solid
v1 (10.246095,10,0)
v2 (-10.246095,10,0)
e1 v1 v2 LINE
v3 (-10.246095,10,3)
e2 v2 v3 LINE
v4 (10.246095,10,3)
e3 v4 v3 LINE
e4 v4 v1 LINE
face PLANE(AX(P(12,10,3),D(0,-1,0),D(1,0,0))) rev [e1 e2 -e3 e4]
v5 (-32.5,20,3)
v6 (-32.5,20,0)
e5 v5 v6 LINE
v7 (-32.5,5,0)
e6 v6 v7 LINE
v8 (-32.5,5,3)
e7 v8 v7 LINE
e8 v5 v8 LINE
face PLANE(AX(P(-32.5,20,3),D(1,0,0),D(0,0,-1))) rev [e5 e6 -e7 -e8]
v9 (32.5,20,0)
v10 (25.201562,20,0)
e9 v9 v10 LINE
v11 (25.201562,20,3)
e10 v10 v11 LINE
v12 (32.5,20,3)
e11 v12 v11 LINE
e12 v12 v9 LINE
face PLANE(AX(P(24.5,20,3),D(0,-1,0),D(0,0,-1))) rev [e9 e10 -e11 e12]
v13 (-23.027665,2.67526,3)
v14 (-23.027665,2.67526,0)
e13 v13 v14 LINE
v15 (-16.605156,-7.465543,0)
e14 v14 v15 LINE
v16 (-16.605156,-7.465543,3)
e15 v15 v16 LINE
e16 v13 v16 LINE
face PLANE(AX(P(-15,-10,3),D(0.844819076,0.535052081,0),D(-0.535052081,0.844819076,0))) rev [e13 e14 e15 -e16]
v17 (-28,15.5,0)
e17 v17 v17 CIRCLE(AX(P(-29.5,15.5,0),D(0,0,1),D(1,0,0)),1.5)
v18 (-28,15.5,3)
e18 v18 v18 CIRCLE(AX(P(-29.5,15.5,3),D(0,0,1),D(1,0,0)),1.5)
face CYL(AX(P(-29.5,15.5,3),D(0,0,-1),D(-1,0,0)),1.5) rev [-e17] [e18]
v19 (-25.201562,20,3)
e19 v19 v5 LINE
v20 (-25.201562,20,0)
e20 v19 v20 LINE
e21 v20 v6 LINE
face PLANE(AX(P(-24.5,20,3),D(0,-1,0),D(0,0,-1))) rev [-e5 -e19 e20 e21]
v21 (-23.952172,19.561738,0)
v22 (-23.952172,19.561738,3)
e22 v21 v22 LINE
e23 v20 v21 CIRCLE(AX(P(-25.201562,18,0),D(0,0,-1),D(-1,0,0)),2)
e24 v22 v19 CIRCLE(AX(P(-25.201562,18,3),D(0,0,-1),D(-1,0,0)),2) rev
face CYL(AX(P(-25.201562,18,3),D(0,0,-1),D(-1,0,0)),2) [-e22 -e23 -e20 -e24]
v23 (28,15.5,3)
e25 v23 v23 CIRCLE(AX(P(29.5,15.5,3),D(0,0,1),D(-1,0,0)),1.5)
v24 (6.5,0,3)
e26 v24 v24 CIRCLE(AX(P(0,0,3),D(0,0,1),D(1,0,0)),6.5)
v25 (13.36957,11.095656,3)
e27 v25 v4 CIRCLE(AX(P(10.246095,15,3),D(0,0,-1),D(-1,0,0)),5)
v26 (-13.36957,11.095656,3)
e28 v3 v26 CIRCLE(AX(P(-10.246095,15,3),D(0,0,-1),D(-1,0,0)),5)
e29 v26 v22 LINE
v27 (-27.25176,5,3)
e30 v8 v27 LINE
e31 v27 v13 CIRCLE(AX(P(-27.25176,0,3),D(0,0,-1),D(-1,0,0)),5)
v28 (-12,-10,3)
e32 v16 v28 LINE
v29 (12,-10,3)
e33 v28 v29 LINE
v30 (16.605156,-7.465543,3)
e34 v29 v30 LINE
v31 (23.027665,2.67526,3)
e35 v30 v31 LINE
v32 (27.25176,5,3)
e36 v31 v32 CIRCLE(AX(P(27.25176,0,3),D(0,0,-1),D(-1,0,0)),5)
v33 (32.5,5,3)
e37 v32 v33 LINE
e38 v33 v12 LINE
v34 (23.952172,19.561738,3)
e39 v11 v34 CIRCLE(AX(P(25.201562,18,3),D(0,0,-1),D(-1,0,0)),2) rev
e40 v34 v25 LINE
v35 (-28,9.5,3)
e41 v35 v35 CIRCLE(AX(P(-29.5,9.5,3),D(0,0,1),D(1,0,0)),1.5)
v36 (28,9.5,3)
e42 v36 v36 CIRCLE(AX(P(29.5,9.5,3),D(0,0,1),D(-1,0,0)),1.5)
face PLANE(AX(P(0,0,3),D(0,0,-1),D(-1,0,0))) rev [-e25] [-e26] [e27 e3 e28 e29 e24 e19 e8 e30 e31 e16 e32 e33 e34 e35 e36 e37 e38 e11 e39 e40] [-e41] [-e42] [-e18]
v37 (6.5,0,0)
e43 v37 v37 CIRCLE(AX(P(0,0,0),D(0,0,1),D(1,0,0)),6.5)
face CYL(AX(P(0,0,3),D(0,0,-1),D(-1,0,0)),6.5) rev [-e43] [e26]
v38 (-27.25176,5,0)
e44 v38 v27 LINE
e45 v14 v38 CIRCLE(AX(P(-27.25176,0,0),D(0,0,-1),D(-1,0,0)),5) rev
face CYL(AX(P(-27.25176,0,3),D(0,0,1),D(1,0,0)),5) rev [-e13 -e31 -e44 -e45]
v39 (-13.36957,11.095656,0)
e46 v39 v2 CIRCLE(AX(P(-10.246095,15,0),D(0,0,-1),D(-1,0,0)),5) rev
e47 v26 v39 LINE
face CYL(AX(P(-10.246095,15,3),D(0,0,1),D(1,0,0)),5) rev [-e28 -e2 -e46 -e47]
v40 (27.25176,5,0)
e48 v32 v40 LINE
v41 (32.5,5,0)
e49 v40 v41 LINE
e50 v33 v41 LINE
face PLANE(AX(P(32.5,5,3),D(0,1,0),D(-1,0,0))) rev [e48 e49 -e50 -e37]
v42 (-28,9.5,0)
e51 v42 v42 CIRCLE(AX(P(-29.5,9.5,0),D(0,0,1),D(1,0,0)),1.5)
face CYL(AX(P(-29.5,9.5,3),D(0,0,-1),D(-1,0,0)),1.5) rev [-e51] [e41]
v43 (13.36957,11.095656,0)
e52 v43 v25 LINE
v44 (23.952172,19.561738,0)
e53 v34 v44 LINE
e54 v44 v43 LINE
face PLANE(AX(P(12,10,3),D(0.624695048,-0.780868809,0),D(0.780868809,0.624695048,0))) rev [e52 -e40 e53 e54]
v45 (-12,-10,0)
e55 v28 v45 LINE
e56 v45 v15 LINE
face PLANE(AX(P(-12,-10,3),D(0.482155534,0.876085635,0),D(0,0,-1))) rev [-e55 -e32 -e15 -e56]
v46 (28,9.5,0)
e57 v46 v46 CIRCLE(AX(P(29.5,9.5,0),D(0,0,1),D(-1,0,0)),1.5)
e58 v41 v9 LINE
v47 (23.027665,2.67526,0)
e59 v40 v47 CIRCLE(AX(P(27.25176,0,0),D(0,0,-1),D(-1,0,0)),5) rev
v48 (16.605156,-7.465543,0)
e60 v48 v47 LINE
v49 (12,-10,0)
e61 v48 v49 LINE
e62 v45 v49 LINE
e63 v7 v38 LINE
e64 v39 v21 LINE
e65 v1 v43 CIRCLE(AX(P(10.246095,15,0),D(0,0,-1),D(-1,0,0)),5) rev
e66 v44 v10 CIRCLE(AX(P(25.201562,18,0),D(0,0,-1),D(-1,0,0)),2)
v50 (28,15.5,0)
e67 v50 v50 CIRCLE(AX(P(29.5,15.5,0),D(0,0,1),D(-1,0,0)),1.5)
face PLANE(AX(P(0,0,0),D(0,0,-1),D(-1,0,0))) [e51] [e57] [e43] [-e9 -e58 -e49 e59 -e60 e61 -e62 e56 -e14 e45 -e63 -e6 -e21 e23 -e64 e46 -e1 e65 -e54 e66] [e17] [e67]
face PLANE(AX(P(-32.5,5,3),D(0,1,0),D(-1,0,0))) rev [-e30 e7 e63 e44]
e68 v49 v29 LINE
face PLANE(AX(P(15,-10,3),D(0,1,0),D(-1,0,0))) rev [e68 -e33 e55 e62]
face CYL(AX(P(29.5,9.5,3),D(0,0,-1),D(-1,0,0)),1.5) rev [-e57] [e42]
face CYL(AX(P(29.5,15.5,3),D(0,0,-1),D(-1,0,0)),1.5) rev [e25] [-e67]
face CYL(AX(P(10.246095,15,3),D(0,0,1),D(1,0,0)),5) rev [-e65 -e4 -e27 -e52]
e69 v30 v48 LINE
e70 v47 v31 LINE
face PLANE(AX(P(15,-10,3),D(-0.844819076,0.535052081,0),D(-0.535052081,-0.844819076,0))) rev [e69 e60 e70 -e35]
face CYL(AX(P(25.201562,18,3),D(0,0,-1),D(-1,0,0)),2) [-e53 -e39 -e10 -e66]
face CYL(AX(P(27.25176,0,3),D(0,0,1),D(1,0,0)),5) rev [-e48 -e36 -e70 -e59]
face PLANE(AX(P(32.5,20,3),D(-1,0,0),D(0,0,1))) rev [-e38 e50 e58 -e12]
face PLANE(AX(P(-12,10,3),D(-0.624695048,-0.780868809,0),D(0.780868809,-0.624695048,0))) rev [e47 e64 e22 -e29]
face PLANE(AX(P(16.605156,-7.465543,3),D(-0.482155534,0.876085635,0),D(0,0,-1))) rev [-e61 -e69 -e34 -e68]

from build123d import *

# Parameters (mm, degrees)
SKETCH_1_R      = 6.5
SKETCH_1_R_2    = 1.5
EXTRUDE_1_DEPTH = 3
FILLET_1_R      = 5
CHAMFER_1_SIZE  = 3
FILLET_3_R      = 5
FILLET_4_R      = 2


with BuildPart() as part:
    # 草图1 → 凸台-拉伸1 (new body)
    with BuildSketch(Plane.XY):
        Polygon((15, -10), (-15, -10), (-24.5, 5), (-32.5, 5), (-32.5, 20), (-24.5, 20), (-12, 10), (12, 10), (24.5, 20), (32.5, 20), (32.5, 5), (24.5, 5), align=None)
        Circle(SKETCH_1_R, mode=Mode.SUBTRACT)
        with Locations((-29.5, 15.5)):
            Circle(SKETCH_1_R_2, mode=Mode.SUBTRACT)
        with Locations(Location((29.5, 9.5, 0), (0, 0, 180))):
            Circle(SKETCH_1_R_2, mode=Mode.SUBTRACT)
        with Locations((-29.5, 9.5)):
            Circle(SKETCH_1_R_2, mode=Mode.SUBTRACT)
        with Locations(Location((29.5, 15.5, 0), (0, 0, 180))):
            Circle(SKETCH_1_R_2, mode=Mode.SUBTRACT)
    extrude(amount=EXTRUDE_1_DEPTH)

    # 圆角1
    fillet_1_edges = [part.edges().sort_by_distance(p)[0] for p in [
        (-12, 10, 1.5),
        (12, 10, 1.5),
    ]]
    fillet(fillet_1_edges, radius=FILLET_1_R)

    # 倒角1
    chamfer_1_edges = [part.edges().sort_by_distance(p)[0] for p in [
        (15, -10, 1.5),
        (-15, -10, 1.5),
    ]]
    chamfer(chamfer_1_edges, length=CHAMFER_1_SIZE)

    # 圆角3
    fillet_3_edges = [part.edges().sort_by_distance(p)[0] for p in [
        (-24.5, 5, 1.5),
        (24.5, 5, 1.5),
    ]]
    fillet(fillet_3_edges, radius=FILLET_3_R)

    # 圆角4
    fillet_4_edges = [part.edges().sort_by_distance(p)[0] for p in [
        (-24.5, 20, 1.5),
        (24.5, 20, 1.5),
    ]]
    fillet(fillet_4_edges, radius=FILLET_4_R)


solid = part.part
